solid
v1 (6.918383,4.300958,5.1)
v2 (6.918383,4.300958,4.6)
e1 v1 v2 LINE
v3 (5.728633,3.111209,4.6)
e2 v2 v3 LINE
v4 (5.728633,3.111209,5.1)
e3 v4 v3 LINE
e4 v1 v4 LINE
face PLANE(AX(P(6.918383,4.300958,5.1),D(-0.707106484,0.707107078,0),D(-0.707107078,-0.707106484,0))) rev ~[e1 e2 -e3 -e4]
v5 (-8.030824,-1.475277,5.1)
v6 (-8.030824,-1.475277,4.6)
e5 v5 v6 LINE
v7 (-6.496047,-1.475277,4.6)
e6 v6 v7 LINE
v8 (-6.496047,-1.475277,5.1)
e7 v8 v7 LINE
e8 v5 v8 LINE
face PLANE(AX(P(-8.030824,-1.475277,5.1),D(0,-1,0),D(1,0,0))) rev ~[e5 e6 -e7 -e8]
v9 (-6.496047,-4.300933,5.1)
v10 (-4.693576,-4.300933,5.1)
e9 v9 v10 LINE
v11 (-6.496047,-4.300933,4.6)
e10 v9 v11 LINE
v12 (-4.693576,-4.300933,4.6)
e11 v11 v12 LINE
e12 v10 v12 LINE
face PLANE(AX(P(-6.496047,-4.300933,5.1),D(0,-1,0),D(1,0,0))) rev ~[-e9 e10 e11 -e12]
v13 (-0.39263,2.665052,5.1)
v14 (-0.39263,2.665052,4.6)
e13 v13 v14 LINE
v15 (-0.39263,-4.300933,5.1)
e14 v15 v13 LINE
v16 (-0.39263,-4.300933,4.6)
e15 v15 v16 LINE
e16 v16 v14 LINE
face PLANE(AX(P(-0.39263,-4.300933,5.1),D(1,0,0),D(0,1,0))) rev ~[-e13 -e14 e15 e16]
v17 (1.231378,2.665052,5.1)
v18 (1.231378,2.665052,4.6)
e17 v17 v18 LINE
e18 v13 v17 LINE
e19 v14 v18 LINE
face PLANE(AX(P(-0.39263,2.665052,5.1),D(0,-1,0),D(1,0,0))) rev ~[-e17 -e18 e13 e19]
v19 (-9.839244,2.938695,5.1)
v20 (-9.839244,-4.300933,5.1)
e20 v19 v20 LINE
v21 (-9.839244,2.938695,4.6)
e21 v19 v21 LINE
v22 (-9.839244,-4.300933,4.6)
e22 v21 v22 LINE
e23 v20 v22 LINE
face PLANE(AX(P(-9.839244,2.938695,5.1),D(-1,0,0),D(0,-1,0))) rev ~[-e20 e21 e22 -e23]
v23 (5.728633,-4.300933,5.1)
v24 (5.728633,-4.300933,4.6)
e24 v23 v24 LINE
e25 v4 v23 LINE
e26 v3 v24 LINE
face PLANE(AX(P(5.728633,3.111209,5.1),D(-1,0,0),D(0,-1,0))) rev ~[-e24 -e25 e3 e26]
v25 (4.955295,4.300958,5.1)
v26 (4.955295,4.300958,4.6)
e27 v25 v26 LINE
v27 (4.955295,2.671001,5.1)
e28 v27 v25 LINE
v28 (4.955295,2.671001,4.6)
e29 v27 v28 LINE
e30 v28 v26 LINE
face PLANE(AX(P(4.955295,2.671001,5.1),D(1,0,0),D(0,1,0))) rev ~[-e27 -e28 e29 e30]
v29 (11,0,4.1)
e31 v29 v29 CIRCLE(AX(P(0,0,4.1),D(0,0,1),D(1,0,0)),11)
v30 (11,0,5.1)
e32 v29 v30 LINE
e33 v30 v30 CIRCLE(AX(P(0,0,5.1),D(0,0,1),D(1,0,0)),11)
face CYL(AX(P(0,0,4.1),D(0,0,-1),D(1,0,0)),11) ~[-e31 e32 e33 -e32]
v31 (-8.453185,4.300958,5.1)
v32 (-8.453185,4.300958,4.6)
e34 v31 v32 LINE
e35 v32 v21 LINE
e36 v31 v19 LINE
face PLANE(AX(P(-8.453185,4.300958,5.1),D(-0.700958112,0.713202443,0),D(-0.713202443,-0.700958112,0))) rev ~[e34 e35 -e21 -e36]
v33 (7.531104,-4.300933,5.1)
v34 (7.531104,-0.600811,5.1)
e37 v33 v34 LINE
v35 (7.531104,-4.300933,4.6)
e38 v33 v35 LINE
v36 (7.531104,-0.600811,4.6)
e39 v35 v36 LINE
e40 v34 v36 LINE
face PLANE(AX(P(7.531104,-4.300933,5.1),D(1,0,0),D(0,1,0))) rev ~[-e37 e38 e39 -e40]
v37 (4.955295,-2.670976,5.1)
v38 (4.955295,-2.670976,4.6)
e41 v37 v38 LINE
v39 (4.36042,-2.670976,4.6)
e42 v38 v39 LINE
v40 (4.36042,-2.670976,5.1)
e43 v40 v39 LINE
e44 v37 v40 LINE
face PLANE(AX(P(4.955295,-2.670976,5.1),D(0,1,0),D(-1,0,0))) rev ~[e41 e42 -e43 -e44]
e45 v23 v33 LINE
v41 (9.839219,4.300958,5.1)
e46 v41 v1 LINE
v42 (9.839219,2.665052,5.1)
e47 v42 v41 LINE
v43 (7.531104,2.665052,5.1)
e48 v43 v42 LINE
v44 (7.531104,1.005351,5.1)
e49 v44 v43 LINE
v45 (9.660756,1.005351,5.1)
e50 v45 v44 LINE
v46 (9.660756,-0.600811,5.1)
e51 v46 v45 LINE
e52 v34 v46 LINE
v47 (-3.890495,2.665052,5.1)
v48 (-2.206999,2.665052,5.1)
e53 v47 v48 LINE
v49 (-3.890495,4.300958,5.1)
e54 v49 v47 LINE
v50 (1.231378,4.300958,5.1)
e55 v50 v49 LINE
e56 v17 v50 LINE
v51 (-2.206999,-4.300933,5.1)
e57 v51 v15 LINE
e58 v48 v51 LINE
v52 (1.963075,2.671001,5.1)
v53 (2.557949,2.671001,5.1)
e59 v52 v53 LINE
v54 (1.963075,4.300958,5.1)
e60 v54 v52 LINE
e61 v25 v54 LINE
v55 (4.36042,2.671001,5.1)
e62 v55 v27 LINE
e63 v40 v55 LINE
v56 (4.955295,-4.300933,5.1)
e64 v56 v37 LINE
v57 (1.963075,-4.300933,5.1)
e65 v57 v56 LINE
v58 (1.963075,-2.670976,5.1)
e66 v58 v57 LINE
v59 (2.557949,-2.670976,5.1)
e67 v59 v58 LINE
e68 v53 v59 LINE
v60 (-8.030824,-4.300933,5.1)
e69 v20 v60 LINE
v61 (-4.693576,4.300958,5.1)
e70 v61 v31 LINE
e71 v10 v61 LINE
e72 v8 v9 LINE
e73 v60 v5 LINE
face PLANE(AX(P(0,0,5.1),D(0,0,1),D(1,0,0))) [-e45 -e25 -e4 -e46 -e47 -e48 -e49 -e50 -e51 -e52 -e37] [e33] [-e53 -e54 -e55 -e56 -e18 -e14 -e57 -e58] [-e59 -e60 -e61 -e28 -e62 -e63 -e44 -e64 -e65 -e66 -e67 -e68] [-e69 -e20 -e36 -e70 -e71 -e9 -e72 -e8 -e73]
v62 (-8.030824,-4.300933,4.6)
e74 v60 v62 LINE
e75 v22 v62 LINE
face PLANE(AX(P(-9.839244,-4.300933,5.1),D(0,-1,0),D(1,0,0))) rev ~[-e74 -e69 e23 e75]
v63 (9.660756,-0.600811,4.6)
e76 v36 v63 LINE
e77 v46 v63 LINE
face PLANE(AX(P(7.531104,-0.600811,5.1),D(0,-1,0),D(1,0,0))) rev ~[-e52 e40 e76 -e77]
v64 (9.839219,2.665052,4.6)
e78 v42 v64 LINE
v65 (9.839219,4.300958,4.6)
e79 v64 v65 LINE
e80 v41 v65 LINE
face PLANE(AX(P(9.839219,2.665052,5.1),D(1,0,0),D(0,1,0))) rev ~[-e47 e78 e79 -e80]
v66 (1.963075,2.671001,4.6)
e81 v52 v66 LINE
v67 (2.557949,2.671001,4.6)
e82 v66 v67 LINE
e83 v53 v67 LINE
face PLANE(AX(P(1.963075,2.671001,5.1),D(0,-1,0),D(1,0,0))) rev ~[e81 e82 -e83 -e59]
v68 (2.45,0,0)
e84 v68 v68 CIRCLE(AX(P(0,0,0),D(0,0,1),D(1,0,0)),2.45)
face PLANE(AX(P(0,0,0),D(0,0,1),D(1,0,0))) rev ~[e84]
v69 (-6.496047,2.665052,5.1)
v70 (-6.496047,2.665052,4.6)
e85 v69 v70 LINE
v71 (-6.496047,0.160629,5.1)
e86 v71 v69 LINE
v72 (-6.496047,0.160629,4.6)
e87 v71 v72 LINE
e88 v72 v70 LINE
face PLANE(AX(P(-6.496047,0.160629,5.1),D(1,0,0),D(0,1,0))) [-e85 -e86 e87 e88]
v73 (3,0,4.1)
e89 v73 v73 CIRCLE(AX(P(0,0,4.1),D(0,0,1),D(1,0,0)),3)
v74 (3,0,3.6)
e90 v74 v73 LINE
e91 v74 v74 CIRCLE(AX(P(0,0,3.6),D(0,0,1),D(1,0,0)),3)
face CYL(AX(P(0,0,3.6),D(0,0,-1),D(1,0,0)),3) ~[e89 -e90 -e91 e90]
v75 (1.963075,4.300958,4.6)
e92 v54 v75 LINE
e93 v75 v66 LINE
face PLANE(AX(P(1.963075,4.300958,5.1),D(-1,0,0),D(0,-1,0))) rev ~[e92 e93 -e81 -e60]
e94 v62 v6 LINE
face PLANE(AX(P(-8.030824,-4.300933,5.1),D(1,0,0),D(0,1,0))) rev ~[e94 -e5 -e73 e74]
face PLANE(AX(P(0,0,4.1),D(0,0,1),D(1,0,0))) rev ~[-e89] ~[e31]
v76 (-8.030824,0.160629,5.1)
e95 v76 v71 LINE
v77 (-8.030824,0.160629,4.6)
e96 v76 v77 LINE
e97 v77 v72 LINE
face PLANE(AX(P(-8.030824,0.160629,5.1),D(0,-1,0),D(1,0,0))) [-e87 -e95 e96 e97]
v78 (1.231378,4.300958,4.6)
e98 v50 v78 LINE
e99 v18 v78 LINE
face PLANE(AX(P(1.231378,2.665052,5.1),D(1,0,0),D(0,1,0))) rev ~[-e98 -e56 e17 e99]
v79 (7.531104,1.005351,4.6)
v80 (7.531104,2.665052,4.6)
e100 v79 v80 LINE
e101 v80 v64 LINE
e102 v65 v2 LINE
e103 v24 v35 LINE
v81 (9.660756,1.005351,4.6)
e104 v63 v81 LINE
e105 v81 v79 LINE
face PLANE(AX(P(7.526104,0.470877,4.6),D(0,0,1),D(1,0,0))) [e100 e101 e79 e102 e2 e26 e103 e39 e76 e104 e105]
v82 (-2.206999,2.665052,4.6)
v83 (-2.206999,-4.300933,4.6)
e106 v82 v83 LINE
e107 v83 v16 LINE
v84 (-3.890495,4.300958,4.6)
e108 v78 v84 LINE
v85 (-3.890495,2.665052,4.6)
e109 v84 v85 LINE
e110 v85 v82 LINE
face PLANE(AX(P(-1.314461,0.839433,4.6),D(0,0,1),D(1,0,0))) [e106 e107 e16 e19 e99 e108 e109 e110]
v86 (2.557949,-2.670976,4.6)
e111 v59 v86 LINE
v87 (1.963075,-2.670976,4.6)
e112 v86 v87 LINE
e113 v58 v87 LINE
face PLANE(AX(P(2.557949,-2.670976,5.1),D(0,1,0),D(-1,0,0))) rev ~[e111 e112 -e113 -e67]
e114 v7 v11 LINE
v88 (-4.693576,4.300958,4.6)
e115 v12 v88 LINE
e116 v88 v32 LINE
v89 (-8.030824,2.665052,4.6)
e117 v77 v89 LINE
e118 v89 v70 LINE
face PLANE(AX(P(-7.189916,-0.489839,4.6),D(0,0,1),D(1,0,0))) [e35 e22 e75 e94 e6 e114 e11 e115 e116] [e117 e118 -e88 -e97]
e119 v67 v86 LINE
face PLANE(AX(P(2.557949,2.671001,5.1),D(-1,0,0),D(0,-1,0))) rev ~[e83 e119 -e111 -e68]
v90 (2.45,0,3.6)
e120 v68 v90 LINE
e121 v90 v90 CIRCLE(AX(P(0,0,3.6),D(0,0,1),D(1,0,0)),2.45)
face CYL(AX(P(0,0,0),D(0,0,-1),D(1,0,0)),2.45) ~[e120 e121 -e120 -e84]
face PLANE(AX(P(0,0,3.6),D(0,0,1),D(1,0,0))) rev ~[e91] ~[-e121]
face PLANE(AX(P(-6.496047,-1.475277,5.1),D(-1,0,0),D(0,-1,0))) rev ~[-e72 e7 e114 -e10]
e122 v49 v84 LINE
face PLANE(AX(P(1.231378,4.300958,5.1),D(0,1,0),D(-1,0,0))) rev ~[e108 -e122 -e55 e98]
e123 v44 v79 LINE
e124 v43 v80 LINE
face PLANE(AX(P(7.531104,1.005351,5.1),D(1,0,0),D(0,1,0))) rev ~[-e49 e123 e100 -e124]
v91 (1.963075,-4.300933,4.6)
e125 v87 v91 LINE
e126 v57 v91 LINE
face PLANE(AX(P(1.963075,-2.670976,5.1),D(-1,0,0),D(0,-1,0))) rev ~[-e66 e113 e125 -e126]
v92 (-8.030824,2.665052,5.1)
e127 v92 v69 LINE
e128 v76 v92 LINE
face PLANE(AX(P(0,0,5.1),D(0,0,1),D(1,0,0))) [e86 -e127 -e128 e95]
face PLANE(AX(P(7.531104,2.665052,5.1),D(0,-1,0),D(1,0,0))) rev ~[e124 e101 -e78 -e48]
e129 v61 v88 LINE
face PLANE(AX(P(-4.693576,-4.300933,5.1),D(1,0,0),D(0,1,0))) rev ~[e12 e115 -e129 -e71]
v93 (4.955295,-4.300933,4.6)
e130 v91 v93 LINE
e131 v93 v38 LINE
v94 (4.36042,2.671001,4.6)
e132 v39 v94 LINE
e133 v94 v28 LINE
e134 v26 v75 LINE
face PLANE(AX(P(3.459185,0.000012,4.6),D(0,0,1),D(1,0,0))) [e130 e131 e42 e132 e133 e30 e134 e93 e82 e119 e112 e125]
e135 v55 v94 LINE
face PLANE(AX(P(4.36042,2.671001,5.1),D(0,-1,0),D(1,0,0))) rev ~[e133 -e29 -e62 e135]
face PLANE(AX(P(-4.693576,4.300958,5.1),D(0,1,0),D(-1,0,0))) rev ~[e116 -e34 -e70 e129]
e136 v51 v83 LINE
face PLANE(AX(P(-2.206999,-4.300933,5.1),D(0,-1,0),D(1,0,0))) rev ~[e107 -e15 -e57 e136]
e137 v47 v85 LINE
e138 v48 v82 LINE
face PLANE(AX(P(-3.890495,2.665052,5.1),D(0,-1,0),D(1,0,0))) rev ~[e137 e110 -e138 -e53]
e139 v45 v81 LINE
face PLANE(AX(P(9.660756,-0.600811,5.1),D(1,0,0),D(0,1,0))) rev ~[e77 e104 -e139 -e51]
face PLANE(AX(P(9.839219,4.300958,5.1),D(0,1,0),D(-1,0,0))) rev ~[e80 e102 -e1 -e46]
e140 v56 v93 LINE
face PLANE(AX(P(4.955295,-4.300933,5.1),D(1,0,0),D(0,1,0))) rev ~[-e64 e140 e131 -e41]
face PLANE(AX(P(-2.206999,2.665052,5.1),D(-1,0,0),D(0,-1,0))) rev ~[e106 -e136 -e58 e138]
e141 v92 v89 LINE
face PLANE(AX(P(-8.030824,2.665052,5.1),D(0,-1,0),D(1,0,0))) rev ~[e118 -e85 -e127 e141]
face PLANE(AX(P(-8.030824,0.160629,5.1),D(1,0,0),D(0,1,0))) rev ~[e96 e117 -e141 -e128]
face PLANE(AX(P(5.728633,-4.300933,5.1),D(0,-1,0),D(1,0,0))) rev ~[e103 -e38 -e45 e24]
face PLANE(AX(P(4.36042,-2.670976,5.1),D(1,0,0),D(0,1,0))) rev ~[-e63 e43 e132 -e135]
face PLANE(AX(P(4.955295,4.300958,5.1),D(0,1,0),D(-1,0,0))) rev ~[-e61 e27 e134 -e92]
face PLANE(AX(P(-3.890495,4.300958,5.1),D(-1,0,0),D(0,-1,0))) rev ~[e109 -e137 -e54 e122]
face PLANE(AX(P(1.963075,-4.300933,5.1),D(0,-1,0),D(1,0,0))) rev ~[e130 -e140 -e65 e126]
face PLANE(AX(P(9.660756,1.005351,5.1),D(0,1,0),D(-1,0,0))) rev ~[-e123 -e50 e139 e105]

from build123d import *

# Parameters (mm, degrees)
F0_R     = 2.45
F1_DEPTH = 3.6
F2_R     = 3
F2_R_2   = 2.45
F3_DEPTH = 0.5
F4_R     = 11
F4_R_2   = 3
F5_DEPTH = 1
F6_W     = 1.534777
F6_H     = 2.504423
F7_DEPTH = 0.5


with BuildPart() as f1:
    # F0 (on Top) → F1 (new body)
    with BuildSketch(Plane.XY):
        Circle(F0_R)
    extrude(amount=F1_DEPTH)

    # F2 (on face) → F3 (join)
    with BuildSketch(Plane.XY.offset(3.6)):
        Circle(F2_R)
        Circle(F2_R_2, mode=Mode.SUBTRACT)
        Circle(F2_R_2)
    extrude(amount=F3_DEPTH)

    # F4 (on face) → F5 (join)
    with BuildSketch(Plane.XY.offset(4.1)):
        Circle(F4_R)
        Circle(F4_R_2, mode=Mode.SUBTRACT)
        Circle(F4_R_2)
    extrude(amount=F5_DEPTH)

    # F6 (on face) → F7 (cut)
    with BuildSketch(Plane.XY.offset(5.1)):
        Polygon((-9.839244, -4.300933), (-8.030824, -4.300933), (-8.030824, -1.475277), (-6.496047, -1.475277), (-6.496047, -4.300933), (-4.693576, -4.300933), (-4.693576, 4.300958), (-8.453185, 4.300958), (-9.839244, 2.938695), align=None)
        with Locations((-7.263435, 1.41284)):
            Rectangle(F6_W, F6_H, mode=Mode.SUBTRACT)
        Polygon((-0.39263, 2.665052), (1.231378, 2.665052), (1.231378, 4.300958), (-3.890495, 4.300958), (-3.890495, 2.665052), (-2.206999, 2.665052), (-2.206999, -4.300933), (-0.39263, -4.300933), align=None)
        Polygon((4.955295, -4.300933), (4.955295, -2.670976), (4.36042, -2.670976), (4.36042, 2.671001), (4.955295, 2.671001), (4.955295, 4.300958), (1.963075, 4.300958), (1.963075, 2.671001), (2.557949, 2.671001), (2.557949, -2.670976), (1.963075, -2.670976), (1.963075, -4.300933), align=None)
        Polygon((7.531104, -4.300933), (7.531104, -0.600811), (9.660756, -0.600811), (9.660756, 1.005351), (7.531104, 1.005351), (7.531104, 2.665052), (9.839219, 2.665052), (9.839219, 4.300958), (6.918383, 4.300958), (5.728633, 3.111209), (5.728633, -4.300933), align=None)
    extrude(amount=-F7_DEPTH, mode=Mode.SUBTRACT)


solid = f1.part
